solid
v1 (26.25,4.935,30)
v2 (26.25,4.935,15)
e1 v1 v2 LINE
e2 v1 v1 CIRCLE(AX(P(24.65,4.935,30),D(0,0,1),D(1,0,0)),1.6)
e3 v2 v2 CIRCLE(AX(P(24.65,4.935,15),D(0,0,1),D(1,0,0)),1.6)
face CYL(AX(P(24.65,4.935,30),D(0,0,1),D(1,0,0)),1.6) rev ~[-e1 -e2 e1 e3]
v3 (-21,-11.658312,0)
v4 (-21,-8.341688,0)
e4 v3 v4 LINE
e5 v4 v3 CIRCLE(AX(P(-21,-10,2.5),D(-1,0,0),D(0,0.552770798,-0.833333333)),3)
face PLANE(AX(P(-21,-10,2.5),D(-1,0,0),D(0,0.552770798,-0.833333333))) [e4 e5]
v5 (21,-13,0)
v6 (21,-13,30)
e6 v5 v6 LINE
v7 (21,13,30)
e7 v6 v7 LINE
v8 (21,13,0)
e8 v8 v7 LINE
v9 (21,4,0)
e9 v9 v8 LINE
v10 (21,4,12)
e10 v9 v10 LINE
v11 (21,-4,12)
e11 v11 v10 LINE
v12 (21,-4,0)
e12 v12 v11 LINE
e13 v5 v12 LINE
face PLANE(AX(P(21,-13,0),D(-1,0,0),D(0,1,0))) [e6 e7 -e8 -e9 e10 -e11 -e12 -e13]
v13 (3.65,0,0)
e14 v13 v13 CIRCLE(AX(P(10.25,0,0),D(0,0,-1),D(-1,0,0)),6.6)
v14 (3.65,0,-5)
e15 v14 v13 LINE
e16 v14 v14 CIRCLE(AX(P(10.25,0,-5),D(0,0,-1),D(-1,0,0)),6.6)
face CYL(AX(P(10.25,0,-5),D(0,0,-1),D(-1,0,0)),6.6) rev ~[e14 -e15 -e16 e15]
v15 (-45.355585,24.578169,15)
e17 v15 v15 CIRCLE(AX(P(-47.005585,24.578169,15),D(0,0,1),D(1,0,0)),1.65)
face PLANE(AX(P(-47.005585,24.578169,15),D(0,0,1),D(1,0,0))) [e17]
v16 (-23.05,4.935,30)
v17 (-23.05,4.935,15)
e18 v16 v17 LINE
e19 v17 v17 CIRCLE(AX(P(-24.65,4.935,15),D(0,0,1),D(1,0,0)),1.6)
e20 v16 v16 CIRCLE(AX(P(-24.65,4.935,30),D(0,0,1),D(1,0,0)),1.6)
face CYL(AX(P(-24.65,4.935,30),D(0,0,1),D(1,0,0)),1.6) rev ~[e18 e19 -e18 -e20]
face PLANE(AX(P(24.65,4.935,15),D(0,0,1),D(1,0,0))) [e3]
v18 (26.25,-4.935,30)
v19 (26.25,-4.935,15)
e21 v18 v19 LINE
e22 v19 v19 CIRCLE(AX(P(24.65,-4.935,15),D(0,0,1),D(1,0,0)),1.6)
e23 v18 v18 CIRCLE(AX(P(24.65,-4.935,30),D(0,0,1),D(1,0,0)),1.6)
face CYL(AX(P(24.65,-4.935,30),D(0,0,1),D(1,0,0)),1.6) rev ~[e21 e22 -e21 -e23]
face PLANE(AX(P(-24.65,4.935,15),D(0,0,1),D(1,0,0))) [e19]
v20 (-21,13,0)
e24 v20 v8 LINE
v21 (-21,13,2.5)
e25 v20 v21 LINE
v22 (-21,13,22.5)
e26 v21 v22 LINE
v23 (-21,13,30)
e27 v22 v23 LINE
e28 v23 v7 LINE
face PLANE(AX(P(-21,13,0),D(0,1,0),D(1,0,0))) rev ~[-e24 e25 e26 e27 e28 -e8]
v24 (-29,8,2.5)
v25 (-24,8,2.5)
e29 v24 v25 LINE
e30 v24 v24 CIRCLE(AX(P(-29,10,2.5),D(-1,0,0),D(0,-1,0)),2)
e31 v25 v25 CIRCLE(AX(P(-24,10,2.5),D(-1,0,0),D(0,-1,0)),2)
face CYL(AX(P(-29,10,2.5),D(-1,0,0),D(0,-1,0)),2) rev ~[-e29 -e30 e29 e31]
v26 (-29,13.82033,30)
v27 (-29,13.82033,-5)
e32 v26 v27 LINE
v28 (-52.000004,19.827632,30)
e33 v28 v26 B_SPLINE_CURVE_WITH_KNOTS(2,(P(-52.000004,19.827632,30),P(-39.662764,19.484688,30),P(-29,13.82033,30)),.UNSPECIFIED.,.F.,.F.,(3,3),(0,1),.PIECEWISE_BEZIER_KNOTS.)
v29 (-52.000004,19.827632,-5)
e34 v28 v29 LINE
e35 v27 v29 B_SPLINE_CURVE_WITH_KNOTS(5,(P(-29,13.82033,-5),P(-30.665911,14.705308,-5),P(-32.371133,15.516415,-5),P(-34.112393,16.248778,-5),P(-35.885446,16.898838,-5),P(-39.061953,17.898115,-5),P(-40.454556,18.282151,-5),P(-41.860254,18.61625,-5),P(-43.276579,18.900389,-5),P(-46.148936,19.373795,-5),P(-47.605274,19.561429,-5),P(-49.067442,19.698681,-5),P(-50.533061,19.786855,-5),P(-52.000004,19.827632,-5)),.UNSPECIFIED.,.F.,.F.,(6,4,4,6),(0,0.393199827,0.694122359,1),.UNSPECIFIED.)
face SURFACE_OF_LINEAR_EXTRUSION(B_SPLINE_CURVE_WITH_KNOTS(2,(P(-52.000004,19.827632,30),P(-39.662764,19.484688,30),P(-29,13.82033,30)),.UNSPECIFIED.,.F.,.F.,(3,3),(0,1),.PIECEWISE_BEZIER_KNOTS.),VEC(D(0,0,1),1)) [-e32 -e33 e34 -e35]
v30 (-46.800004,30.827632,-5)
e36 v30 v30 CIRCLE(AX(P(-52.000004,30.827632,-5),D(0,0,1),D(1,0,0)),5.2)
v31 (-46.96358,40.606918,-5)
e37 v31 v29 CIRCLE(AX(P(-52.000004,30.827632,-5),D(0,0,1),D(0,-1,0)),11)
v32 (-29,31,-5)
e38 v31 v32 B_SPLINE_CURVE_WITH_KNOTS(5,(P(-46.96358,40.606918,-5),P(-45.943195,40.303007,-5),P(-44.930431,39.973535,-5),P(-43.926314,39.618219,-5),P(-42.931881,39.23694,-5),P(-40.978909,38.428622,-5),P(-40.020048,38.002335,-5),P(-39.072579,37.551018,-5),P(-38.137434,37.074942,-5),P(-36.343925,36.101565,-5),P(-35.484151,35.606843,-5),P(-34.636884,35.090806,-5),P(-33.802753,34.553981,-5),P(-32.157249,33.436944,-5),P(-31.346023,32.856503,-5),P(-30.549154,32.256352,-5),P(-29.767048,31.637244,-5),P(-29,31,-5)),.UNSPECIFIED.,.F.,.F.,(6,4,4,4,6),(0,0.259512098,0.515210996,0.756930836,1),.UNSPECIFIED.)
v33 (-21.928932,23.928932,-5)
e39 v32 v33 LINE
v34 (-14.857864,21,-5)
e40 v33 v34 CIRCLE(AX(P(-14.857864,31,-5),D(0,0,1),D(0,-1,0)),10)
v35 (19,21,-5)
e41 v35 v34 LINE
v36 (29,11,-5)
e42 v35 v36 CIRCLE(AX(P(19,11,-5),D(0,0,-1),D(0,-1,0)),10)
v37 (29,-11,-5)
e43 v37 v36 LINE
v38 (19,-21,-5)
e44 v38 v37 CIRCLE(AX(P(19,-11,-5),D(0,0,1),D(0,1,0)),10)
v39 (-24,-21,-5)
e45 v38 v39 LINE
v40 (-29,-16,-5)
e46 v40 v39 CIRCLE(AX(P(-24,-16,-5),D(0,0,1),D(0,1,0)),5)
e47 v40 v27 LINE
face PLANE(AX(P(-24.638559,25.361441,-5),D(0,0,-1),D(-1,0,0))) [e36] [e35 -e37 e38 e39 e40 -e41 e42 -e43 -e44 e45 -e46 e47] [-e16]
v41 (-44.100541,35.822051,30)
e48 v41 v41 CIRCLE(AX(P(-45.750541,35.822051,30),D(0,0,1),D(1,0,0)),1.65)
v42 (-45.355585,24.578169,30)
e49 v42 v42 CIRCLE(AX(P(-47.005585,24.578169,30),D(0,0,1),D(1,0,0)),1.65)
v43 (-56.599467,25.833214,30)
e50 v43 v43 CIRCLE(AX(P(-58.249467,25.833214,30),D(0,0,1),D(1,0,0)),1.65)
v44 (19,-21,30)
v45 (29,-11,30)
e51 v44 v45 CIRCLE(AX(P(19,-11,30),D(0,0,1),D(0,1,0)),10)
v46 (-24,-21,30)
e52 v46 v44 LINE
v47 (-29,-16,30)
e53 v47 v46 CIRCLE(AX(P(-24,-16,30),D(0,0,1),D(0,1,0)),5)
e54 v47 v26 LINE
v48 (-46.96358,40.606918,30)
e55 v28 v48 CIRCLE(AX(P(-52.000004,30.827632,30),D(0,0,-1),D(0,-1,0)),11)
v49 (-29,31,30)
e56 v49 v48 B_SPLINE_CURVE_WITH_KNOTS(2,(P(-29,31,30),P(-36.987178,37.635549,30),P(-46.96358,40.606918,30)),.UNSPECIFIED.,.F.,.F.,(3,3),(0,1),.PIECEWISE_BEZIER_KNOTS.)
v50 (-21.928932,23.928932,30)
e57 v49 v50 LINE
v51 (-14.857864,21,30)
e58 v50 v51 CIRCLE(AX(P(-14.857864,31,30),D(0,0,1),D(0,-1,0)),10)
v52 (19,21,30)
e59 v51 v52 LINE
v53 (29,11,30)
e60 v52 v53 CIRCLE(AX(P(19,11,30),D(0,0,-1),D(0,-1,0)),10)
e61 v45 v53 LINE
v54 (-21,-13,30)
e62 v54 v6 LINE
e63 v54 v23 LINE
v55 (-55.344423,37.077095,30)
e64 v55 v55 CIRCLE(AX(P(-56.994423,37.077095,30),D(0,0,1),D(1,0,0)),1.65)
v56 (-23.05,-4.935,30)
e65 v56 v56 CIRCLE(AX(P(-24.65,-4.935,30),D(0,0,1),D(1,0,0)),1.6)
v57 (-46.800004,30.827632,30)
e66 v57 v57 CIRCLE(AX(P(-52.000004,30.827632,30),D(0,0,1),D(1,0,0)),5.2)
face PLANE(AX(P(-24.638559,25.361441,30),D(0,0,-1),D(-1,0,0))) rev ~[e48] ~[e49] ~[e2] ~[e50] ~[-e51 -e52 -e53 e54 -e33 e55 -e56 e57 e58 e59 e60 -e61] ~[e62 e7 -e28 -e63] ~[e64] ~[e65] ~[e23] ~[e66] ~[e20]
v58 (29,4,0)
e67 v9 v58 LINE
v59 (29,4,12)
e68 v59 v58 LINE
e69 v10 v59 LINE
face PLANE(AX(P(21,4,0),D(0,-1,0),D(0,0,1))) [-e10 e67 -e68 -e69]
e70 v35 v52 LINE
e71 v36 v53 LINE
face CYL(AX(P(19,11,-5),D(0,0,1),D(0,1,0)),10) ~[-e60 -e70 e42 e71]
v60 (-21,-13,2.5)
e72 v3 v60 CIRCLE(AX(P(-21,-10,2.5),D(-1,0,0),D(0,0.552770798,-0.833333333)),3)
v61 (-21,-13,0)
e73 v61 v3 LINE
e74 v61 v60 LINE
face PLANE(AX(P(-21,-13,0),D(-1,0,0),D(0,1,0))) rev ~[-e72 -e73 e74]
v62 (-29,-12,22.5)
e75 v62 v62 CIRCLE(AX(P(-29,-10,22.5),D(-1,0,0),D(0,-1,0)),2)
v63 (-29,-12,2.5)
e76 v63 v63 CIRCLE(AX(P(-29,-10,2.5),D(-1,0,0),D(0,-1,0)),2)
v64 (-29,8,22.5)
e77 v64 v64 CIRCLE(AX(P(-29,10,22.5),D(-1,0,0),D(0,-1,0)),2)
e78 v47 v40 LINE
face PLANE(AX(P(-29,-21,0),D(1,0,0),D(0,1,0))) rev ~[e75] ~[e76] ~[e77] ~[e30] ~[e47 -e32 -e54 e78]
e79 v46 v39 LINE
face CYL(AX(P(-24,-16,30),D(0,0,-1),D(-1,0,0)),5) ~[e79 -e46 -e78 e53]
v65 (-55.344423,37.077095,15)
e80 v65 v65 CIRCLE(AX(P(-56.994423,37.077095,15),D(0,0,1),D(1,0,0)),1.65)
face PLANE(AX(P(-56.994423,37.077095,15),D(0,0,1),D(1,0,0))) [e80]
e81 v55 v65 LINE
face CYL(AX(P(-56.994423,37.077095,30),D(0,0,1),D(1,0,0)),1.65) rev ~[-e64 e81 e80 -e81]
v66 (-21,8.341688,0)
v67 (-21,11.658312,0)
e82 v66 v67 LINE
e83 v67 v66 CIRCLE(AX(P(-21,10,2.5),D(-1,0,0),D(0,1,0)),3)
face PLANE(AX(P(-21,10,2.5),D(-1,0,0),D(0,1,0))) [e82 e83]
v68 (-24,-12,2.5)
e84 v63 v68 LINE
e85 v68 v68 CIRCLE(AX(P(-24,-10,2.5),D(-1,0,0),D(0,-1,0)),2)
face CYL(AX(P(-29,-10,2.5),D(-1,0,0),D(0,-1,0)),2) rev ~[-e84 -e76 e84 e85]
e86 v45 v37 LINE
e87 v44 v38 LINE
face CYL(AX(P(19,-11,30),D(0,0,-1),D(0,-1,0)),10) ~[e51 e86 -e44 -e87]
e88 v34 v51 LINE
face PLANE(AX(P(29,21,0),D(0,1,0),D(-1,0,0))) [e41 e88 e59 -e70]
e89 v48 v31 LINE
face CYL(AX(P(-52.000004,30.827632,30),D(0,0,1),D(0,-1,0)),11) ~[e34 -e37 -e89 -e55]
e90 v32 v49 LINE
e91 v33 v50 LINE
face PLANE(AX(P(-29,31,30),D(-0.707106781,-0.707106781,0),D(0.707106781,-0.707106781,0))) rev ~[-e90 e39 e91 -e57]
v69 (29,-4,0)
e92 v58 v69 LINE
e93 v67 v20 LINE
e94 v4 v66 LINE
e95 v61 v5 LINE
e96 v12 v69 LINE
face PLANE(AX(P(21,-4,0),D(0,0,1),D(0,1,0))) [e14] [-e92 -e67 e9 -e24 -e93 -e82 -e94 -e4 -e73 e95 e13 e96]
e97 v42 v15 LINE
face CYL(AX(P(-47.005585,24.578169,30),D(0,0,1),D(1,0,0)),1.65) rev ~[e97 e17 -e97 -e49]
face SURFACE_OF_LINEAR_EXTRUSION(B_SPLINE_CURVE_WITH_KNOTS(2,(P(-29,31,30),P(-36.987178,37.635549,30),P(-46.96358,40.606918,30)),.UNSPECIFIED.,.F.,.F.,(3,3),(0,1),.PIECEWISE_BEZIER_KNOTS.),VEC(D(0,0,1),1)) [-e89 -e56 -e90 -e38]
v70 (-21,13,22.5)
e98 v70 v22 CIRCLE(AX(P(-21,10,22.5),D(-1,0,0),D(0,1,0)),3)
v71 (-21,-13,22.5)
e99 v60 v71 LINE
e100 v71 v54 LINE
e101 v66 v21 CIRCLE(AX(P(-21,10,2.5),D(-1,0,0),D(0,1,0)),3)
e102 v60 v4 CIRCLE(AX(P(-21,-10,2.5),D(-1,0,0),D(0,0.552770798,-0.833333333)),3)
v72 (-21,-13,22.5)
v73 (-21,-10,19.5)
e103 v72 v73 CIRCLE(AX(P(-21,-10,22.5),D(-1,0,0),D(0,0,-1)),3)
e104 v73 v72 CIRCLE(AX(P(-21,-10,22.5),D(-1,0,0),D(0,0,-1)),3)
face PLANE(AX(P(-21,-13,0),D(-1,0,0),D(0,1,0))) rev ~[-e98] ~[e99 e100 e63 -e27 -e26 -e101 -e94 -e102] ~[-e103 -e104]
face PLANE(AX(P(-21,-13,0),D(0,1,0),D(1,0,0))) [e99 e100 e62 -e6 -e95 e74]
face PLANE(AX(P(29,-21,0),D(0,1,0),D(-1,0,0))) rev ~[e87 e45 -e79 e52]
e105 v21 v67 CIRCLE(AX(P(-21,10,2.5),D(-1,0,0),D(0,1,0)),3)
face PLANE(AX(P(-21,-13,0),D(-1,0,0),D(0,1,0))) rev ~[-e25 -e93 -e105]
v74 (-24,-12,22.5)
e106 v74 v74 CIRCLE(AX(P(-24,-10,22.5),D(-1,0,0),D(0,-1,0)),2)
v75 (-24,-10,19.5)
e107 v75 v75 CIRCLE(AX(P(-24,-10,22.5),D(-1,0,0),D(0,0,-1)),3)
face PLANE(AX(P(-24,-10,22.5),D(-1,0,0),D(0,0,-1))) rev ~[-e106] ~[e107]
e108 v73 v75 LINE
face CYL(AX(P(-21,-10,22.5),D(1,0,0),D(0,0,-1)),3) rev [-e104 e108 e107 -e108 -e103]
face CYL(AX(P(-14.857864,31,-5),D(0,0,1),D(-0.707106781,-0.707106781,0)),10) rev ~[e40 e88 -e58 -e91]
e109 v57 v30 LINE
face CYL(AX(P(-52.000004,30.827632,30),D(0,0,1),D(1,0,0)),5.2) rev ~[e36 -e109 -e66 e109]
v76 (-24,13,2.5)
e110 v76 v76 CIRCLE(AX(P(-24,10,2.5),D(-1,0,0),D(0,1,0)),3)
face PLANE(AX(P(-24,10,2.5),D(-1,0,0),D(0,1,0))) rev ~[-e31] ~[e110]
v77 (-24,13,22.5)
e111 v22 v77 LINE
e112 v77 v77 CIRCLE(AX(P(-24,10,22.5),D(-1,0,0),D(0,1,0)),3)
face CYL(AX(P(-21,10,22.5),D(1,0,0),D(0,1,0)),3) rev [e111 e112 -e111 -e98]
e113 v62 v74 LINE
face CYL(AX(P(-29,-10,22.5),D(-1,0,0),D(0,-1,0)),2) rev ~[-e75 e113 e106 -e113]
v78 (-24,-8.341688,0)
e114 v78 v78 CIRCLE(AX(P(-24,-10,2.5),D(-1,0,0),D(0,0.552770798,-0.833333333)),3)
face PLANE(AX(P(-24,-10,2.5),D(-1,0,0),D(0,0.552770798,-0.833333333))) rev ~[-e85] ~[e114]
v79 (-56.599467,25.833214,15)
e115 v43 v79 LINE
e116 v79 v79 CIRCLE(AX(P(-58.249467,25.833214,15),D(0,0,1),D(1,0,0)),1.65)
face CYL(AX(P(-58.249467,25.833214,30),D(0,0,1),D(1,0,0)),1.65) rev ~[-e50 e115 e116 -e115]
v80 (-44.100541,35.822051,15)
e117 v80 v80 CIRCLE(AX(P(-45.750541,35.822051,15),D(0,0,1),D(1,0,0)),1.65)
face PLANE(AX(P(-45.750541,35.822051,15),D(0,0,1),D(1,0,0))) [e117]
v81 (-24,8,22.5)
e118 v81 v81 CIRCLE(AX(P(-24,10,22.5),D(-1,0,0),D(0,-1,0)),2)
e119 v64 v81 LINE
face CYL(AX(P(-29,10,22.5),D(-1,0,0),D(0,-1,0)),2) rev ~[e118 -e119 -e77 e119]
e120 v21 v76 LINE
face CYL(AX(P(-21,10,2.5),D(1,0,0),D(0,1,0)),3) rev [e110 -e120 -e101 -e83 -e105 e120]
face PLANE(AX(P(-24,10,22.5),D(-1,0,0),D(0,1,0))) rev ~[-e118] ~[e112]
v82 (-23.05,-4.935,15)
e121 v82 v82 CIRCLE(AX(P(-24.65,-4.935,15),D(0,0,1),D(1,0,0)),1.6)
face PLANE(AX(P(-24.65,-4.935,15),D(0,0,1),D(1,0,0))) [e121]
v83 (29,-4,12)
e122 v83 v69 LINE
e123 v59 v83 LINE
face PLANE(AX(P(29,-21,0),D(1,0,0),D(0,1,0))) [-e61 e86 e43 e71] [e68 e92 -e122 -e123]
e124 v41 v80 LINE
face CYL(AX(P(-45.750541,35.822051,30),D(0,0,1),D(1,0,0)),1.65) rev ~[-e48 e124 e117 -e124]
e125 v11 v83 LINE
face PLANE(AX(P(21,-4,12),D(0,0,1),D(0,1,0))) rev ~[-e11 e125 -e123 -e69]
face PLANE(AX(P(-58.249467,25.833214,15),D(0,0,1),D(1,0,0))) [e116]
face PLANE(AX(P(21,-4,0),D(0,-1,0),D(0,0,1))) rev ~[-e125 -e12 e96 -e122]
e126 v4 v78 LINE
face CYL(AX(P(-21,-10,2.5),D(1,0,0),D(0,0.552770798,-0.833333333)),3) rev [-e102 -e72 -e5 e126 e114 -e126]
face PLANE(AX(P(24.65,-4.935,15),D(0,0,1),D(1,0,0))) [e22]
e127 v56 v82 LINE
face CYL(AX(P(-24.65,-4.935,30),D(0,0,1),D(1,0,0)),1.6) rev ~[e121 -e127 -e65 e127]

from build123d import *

# Parameters (mm, degrees)
SKETCH1_W           = 58
SKETCH1_H           = 42
SKETCH1_W_2         = 42
SKETCH1_H_2         = 26
BOSS_EXTRUDE1_DEPTH = 30
SKETCH2_W           = 58
SKETCH2_H           = 42
BOSS_EXTRUDE2_DEPTH = 5
SKETCH4_R           = 1.75
CUT_EXTRUDE2_DEPTH  = 8
SKETCH5_R           = 1.75
CUT_EXTRUDE3_DEPTH  = 8
SKETCH6_R           = 2
CUT_EXTRUDE4_DEPTH  = 8
CUT_EXTRUDE5_START  = 42
SKETCH7_R           = 3
CUT_EXTRUDE5_DEPTH  = 3
SKETCH8_W           = 38.12950039
SKETCH8_H           = 31.187364713
BOSS_EXTRUDE3_DEPTH = 35
SKETCH9_R           = 5.2
CUT_EXTRUDE6_DEPTH  = 89.074186757
SKETCH10_R          = 1.65
CUT_EXTRUDE7_DEPTH  = 15
FILLET1_R           = 10
CUT_EXTRUDE8_DEPTH  = 89.074186757
BOSS_EXTRUDE4_DEPTH = 35
FILLET2_R           = 10
SKETCH13_R          = 1.6
CUT_EXTRUDE9_DEPTH  = 15
SKETCH14_R          = 6.6
CUT_EXTRUDE10_DEPTH = 5
SKETCH15_W          = 12
SKETCH15_H          = 8
CUT_EXTRUDE11_DEPTH = 99.51675752
FILLET3_R           = 5


with BuildPart() as part:
    # Sketch1 → Boss-Extrude1 (new body)
    with BuildSketch(Plane.XY):
        Rectangle(SKETCH1_W, SKETCH1_H)
        Rectangle(SKETCH1_W_2, SKETCH1_H_2, mode=Mode.SUBTRACT)
    extrude(amount=BOSS_EXTRUDE1_DEPTH)

    # Sketch2 → Boss-Extrude2 (add)
    with BuildSketch(Plane(origin=(0, 0, 0), x_dir=(-1, 0, 0), z_dir=(0, 0, -1))):
        Rectangle(SKETCH2_W, SKETCH2_H)
    extrude(amount=BOSS_EXTRUDE2_DEPTH)

    # Sketch4 → Cut-Extrude2 (cut)
    with BuildSketch(Plane.ZY.offset(29)):
        with Locations(Location((22.5, 10, 0), (0, 0, 270))):
            Circle(SKETCH4_R)
        with Locations(Location((22.5, -10, 0), (0, 0, 270))):
            Circle(SKETCH4_R)
    extrude(amount=-CUT_EXTRUDE2_DEPTH, mode=Mode.SUBTRACT)

    # Sketch5 → Cut-Extrude3 (cut)
    with BuildSketch(Plane.ZY.offset(29)):
        with Locations(Location((2.5, 10, 0), (0, 0, 270))):
            Circle(SKETCH5_R)
        with Locations(Location((2.5, -10, 0), (0, 0, 270))):
            Circle(SKETCH5_R)
    extrude(amount=-CUT_EXTRUDE3_DEPTH, mode=Mode.SUBTRACT)

    # Sketch6 → Cut-Extrude4 (cut)
    with BuildSketch(Plane.ZY.offset(29)):
        with Locations(Location((22.5, 10, 0), (0, 0, 270))):
            Circle(SKETCH6_R)
        with Locations(Location((2.5, 10, 0), (0, 0, 270))):
            Circle(SKETCH6_R)
        with Locations(Location((2.5, -10, 0), (0, 0, 270))):
            Circle(SKETCH6_R)
        with Locations(Location((22.5, -10, 0), (0, 0, 270))):
            Circle(SKETCH6_R)
    extrude(amount=-CUT_EXTRUDE4_DEPTH, mode=Mode.SUBTRACT)

    # Sketch7 → Cut-Extrude5 (cut)
    with BuildSketch(Plane.ZY.offset(-21).offset(CUT_EXTRUDE5_START)):
        with Locations(Location((22.5, 10, 0), (0, 0, 90))):
            Circle(SKETCH7_R)
        with Locations(Location((22.5, -10, 0), (0, 0, 180))):
            Circle(SKETCH7_R)
        with Locations(Location((2.5, 10, 0), (0, 0, 90))):
            Circle(SKETCH7_R)
        with Locations(Location((2.5, -10, 0), (0, 0, 146.442690238))):
            Circle(SKETCH7_R)
    extrude(amount=CUT_EXTRUDE5_DEPTH, mode=Mode.SUBTRACT)

    # Sketch8 → Boss-Extrude3 (add)
    with BuildSketch(Plane.XY.offset(30)):
        with Locations((-48.064750195, 29.414011989)):
            Rectangle(SKETCH8_W, SKETCH8_H)
    extrude(amount=-BOSS_EXTRUDE3_DEPTH)

    # Sketch9 → Cut-Extrude6 (cut, through all)
    with BuildSketch(Plane.XY.offset(30)):
        with Locations((-52.000004001, 30.827632123)):
            Circle(SKETCH9_R)
    extrude(amount=-CUT_EXTRUDE6_DEPTH, mode=Mode.SUBTRACT)

    # Sketch10 → Cut-Extrude7 (cut)
    with BuildSketch(Plane.XY.offset(30)):
        with Locations((-45.750541353, 35.822050669)):
            Circle(SKETCH10_R)
        with Locations((-47.005585454, 24.578169475)):
            Circle(SKETCH10_R)
        with Locations((-56.994422547, 37.07709477)):
            Circle(SKETCH10_R)
        with Locations((-58.249466648, 25.833213576)):
            Circle(SKETCH10_R)
    extrude(amount=-CUT_EXTRUDE7_DEPTH, mode=Mode.SUBTRACT)

    # Fillet1
    fillet1_edges = [part.edges().sort_by_distance(p)[0] for p in [
        (-67.12950039, 45.007694345, 12.5),
        (-67.12950039, 13.820329632, 12.5),
        (-29, 45.007694345, 12.5),
        (-29, 21, 12.5),
        (29, 21, 12.5),
        (29, -21, 12.5),
    ]]
    fillet(fillet1_edges, radius=FILLET1_R)

    # Sketch11 → Cut-Extrude8 (cut, through all)
    with BuildSketch(Plane.XY.offset(30)):
        with BuildLine():
            Line((-57.12950039, 13.820329632), (-29, 13.820329632))
            add(Edge.make_bspline(
                [(-52.000004001, 19.827632123), (-39.662764049, 19.484687558), (-29, 13.820329632)],
                knots=[0, 0, 0, 1, 1, 1], degree=2))
            ThreePointArc((-52.000004001, 19.827632123), (-62.690470456, 33.418756776), (-46.963580148, 40.606918128))
            add(Edge.make_bspline(
                [(-29, 31), (-36.987178252, 37.635549332), (-46.963580148, 40.606918128)],
                knots=[0, 0, 0, 1, 1, 1], degree=2))
            Line((-29, 31), (-29, 35.007694345))
            ThreePointArc((-29, 35.007694345), (-31.928932188, 42.078762157), (-39, 45.007694345))
            Line((-39, 45.007694345), (-57.12950039, 45.007694345))
            ThreePointArc((-57.12950039, 45.007694345), (-64.200568202, 42.078762157), (-67.12950039, 35.007694345))
            Line((-67.12950039, 35.007694345), (-67.12950039, 23.820329632))
            ThreePointArc((-67.12950039, 23.820329632), (-64.200568202, 16.74926182), (-57.12950039, 13.820329632))
        make_face()
    extrude(amount=-CUT_EXTRUDE8_DEPTH, mode=Mode.SUBTRACT)

    # Sketch12 → Boss-Extrude4 (add)
    with BuildSketch(Plane.XY.offset(30)):
        with BuildLine():
            Line((-29, 31), (-19, 21))
            ThreePointArc((-19, 21), (-26.071067812, 23.928932188), (-29, 31))
        make_face()
    extrude(amount=-BOSS_EXTRUDE4_DEPTH)

    # Fillet2
    fillet2_edges = [part.edges().sort_by_distance(p)[0] for p in [
        (-19, 21, 12.5),
    ]]
    fillet(fillet2_edges, radius=FILLET2_R)

    # Sketch13 → Cut-Extrude9 (cut)
    with BuildSketch(Plane.XY.offset(30)):
        with Locations((24.65, 4.935)):
            Circle(SKETCH13_R)
        with Locations((24.65, -4.935)):
            Circle(SKETCH13_R)
        with Locations((-24.65, 4.935)):
            Circle(SKETCH13_R)
        with Locations((-24.65, -4.935)):
            Circle(SKETCH13_R)
    extrude(amount=-CUT_EXTRUDE9_DEPTH, mode=Mode.SUBTRACT)

    # Sketch14 → Cut-Extrude10 (cut)
    with BuildSketch(Plane(origin=(0, 0, -5), x_dir=(-1, 0, 0), z_dir=(0, 0, -1))):
        with Locations((-10.250000003, -1e-09)):
            Circle(SKETCH14_R)
    extrude(amount=-CUT_EXTRUDE10_DEPTH, mode=Mode.SUBTRACT)

    # Sketch15 → Cut-Extrude11 (cut, through all)
    with BuildSketch(Plane.ZY.offset(-21)):
        with Locations((6, 0)):
            Rectangle(SKETCH15_W, SKETCH15_H)
    extrude(amount=-CUT_EXTRUDE11_DEPTH, mode=Mode.SUBTRACT)

    # Fillet3
    fillet3_edges = [part.edges().sort_by_distance(p)[0] for p in [
        (-29, -21, 12.5),
    ]]
    fillet(fillet3_edges, radius=FILLET3_R)


solid = part.part
